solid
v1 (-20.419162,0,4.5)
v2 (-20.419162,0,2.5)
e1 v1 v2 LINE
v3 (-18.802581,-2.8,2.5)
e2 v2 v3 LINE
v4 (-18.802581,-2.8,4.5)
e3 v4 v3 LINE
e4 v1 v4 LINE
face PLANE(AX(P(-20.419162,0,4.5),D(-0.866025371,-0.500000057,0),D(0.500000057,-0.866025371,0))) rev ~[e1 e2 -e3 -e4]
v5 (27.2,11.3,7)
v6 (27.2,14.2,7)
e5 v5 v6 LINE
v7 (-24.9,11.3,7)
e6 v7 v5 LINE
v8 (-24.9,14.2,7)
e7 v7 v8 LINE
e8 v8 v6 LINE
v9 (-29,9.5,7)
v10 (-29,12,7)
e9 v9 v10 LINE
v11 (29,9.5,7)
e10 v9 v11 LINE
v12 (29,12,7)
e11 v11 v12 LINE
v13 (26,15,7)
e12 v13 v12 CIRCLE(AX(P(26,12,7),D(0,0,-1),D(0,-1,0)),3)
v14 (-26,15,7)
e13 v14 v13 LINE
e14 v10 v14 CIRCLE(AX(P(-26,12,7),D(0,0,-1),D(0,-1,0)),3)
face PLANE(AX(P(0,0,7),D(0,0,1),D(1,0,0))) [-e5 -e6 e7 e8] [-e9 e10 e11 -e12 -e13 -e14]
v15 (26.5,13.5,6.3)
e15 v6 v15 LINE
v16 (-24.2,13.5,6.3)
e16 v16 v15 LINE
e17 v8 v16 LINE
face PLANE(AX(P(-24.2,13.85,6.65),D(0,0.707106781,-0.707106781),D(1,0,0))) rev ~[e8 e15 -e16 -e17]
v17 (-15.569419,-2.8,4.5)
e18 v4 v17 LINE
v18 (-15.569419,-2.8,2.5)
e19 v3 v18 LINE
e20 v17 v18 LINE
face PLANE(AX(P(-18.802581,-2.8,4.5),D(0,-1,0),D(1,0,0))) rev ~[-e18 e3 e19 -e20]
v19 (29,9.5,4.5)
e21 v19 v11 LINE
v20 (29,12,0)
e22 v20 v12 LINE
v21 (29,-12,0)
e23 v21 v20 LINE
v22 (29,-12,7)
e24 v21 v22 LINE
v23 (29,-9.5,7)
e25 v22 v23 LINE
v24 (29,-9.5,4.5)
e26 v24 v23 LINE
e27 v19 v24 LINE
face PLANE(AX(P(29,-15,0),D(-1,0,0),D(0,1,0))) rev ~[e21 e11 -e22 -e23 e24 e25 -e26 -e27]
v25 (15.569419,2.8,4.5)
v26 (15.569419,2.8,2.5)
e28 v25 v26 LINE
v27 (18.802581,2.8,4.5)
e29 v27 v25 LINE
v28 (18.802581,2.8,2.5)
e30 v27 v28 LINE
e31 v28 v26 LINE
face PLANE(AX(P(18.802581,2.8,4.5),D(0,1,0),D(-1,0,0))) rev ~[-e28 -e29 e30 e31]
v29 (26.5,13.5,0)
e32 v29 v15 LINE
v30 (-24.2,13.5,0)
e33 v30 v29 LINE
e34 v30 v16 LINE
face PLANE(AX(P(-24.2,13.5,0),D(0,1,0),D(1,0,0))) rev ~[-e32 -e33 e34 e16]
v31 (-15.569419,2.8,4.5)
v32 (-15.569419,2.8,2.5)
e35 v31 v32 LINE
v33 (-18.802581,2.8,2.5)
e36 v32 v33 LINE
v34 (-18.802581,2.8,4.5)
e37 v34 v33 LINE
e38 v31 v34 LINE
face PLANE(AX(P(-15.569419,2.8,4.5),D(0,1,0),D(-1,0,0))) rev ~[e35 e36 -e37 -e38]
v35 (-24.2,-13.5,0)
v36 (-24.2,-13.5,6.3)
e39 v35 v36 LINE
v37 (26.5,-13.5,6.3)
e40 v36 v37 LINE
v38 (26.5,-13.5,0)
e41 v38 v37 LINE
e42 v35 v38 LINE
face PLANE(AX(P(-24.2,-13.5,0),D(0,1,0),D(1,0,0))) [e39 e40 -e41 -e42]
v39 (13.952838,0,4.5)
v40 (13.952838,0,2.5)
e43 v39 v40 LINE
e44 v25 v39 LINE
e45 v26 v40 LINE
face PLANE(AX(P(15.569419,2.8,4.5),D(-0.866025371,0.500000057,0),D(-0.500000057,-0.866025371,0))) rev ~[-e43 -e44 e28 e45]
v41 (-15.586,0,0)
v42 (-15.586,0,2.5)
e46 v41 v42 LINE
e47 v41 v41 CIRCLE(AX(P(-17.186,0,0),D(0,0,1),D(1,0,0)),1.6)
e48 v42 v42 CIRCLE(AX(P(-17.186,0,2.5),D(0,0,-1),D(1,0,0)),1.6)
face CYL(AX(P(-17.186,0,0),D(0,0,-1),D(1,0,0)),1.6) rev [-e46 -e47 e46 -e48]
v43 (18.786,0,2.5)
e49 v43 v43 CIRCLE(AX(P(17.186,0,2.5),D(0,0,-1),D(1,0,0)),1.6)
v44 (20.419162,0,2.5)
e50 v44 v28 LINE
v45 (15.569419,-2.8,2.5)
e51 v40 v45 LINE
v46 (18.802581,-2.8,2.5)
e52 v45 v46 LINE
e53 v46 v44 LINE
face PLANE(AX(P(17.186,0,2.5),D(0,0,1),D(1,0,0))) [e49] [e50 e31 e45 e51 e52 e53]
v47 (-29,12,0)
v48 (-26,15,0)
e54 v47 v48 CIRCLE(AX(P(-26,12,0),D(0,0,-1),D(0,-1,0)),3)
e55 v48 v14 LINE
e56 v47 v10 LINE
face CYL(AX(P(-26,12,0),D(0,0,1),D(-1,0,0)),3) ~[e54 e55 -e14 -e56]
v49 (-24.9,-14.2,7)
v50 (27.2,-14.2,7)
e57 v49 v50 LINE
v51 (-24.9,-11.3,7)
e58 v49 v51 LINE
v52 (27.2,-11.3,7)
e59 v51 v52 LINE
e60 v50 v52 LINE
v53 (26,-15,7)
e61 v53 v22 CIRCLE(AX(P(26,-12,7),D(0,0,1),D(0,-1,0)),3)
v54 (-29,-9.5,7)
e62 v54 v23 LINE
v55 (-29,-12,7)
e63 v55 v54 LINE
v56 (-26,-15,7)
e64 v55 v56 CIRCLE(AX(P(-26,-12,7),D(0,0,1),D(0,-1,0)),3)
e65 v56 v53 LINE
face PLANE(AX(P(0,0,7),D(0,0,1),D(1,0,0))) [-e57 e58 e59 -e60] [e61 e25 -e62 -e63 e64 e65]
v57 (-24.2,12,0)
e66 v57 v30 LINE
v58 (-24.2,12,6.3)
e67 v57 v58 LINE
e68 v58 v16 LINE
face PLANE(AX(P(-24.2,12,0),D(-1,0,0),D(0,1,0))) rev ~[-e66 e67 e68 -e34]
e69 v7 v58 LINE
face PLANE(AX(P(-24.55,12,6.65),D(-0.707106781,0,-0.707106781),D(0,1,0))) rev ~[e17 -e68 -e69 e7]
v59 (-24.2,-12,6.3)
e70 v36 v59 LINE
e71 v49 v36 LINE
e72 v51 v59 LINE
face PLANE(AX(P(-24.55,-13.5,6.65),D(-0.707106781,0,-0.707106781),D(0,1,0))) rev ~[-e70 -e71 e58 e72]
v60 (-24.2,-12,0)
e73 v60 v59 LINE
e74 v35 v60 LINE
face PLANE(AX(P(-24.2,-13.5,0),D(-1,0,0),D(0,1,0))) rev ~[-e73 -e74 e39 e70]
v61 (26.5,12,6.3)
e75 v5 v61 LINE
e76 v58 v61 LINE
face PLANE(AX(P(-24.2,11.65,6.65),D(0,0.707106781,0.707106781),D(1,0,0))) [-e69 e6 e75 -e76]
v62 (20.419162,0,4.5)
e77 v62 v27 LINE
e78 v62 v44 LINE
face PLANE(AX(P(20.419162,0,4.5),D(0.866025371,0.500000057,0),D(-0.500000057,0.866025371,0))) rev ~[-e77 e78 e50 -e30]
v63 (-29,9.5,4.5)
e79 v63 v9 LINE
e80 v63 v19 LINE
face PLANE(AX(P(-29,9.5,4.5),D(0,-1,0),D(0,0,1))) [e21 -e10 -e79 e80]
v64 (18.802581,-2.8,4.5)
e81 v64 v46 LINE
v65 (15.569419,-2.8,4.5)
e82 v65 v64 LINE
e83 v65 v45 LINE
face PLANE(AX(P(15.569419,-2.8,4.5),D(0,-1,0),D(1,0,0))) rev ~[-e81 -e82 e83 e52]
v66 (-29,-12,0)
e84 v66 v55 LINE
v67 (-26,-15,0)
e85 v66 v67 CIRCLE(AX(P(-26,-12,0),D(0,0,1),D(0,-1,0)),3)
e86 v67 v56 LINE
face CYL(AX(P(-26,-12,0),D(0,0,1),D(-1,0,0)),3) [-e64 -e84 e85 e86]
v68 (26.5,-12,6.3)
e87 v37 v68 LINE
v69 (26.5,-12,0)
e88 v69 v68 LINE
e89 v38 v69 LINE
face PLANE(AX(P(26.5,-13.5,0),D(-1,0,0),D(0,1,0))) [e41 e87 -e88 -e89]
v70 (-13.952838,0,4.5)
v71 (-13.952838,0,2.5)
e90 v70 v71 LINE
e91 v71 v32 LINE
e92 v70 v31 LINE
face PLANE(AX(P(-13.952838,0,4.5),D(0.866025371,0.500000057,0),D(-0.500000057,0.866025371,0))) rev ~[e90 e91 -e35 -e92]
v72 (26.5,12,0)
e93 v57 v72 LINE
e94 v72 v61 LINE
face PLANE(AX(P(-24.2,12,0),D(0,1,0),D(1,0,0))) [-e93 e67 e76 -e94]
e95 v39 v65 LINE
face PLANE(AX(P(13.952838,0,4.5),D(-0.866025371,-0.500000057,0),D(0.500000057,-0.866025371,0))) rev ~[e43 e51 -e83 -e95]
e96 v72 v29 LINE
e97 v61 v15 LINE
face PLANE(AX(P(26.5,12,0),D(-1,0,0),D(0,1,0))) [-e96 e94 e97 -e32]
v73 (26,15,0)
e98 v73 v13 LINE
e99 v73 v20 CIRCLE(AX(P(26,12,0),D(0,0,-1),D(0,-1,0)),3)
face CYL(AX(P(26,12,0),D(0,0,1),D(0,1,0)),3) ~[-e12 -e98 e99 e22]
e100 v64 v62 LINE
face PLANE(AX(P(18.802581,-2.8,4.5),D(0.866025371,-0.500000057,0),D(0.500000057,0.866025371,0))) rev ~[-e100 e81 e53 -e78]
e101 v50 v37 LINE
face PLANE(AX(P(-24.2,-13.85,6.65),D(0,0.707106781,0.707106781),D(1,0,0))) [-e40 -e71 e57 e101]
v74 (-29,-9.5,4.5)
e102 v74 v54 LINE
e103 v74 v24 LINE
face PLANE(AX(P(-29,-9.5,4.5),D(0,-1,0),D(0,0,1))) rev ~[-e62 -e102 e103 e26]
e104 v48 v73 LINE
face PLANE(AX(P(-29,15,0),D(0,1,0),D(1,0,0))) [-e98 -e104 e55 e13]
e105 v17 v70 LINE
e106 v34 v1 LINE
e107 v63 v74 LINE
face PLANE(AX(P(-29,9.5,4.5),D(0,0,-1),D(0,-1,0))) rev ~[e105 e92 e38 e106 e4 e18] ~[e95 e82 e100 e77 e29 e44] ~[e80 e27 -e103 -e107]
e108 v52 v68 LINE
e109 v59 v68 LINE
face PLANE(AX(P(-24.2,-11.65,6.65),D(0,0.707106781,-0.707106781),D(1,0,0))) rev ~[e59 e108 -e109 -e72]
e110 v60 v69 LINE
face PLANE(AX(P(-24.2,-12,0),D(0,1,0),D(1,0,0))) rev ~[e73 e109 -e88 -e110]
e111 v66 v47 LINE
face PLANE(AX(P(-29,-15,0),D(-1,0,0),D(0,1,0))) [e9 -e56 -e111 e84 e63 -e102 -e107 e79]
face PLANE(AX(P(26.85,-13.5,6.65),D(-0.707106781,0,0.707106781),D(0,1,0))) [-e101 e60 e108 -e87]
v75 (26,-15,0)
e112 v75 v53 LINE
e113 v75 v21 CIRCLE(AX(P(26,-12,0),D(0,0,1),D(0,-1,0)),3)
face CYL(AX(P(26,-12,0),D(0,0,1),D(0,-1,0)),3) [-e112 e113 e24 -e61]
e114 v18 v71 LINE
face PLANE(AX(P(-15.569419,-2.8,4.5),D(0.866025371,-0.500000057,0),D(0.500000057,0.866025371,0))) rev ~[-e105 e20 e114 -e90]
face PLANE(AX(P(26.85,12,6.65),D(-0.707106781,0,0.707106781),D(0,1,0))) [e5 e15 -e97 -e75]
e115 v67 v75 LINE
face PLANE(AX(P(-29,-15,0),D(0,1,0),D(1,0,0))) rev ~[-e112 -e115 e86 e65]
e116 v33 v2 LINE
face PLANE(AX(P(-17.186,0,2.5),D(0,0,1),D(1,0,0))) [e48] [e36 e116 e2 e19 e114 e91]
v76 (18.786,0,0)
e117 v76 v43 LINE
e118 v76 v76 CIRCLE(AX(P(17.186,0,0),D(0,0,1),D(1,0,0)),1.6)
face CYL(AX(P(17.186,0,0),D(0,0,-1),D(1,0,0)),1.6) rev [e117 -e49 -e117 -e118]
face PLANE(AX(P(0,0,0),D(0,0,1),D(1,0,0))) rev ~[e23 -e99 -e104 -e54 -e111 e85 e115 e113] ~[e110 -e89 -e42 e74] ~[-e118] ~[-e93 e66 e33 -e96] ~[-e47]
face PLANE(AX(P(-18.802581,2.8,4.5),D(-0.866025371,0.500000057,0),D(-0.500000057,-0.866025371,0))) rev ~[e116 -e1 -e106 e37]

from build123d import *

# Parameters (mm, degrees)
SKETCH_W        = 58
SKETCH_H        = 30
SKETCH_R        = 1.6
SKETCH_W_2      = 50.7
SKETCH_H_2      = 1.5
PAD_DEPTH       = 7
SKETCH001_W     = 19
SKETCH001_H     = 2.5
POCKET_DEPTH    = 58
POCKET001_DEPTH = 2
FILLET_R        = 3
CHAMFER_SIZE    = 0.7


with BuildPart() as part:
    # Sketch → Pad (new body)
    with BuildSketch(Plane.XY):
        Rectangle(SKETCH_W, SKETCH_H)
        with Locations((-17.186, 0)):
            Circle(SKETCH_R, mode=Mode.SUBTRACT)
        with Locations((17.186, 0)):
            Circle(SKETCH_R, mode=Mode.SUBTRACT)
        with Locations((1.15, 12.75)):
            Rectangle(SKETCH_W_2, SKETCH_H_2, mode=Mode.SUBTRACT)
        with Locations((1.15, -12.75)):
            Rectangle(SKETCH_W_2, SKETCH_H_2, mode=Mode.SUBTRACT)
    extrude(amount=PAD_DEPTH)

    # Sketch001 (on Face4 of Pad) → Pocket (cut)
    with BuildSketch(Plane(origin=(-29, 0, 0), x_dir=(0, -1, 0), z_dir=(-1, 0, 0))):
        with Locations((0, 5.75)):
            Rectangle(SKETCH001_W, SKETCH001_H)
    extrude(amount=-POCKET_DEPTH, mode=Mode.SUBTRACT)

    # Sketch002 (on Face7 of Pocket) → Pocket001 (cut)
    with BuildSketch(Plane.XY.offset(4.5)):
        Polygon((-15.569419, -2.8), (-13.952838, 0), (-15.569419, 2.8), (-18.802581, 2.8), (-20.419162, 0), (-18.802581, -2.8), align=None)
        Polygon((13.952838, 0), (15.569419, -2.8), (18.802581, -2.8), (20.419162, 0), (18.802581, 2.8), (15.569419, 2.8), align=None)
    extrude(amount=-POCKET001_DEPTH, mode=Mode.SUBTRACT)

    # Fillet
    fillet_edges = [part.edges().sort_by_distance(p)[0] for p in [
        (-29, -15, 3.5),
        (-29, 15, 3.5),
        (29, -15, 3.5),
        (29, 15, 3.5),
    ]]
    fillet(fillet_edges, radius=FILLET_R)

    # Chamfer
    chamfer_edges = [part.edges().sort_by_distance(p)[0] for p in [
        (1.15, -12, 7),
        (1.15, -13.5, 7),
        (26.5, -12.75, 7),
        (-24.2, -12.75, 7),
        (1.15, 13.5, 7),
        (1.15, 12, 7),
        (-24.2, 12.75, 7),
        (26.5, 12.75, 7),
    ]]
    chamfer(chamfer_edges, length=CHAMFER_SIZE)


solid = part.part
